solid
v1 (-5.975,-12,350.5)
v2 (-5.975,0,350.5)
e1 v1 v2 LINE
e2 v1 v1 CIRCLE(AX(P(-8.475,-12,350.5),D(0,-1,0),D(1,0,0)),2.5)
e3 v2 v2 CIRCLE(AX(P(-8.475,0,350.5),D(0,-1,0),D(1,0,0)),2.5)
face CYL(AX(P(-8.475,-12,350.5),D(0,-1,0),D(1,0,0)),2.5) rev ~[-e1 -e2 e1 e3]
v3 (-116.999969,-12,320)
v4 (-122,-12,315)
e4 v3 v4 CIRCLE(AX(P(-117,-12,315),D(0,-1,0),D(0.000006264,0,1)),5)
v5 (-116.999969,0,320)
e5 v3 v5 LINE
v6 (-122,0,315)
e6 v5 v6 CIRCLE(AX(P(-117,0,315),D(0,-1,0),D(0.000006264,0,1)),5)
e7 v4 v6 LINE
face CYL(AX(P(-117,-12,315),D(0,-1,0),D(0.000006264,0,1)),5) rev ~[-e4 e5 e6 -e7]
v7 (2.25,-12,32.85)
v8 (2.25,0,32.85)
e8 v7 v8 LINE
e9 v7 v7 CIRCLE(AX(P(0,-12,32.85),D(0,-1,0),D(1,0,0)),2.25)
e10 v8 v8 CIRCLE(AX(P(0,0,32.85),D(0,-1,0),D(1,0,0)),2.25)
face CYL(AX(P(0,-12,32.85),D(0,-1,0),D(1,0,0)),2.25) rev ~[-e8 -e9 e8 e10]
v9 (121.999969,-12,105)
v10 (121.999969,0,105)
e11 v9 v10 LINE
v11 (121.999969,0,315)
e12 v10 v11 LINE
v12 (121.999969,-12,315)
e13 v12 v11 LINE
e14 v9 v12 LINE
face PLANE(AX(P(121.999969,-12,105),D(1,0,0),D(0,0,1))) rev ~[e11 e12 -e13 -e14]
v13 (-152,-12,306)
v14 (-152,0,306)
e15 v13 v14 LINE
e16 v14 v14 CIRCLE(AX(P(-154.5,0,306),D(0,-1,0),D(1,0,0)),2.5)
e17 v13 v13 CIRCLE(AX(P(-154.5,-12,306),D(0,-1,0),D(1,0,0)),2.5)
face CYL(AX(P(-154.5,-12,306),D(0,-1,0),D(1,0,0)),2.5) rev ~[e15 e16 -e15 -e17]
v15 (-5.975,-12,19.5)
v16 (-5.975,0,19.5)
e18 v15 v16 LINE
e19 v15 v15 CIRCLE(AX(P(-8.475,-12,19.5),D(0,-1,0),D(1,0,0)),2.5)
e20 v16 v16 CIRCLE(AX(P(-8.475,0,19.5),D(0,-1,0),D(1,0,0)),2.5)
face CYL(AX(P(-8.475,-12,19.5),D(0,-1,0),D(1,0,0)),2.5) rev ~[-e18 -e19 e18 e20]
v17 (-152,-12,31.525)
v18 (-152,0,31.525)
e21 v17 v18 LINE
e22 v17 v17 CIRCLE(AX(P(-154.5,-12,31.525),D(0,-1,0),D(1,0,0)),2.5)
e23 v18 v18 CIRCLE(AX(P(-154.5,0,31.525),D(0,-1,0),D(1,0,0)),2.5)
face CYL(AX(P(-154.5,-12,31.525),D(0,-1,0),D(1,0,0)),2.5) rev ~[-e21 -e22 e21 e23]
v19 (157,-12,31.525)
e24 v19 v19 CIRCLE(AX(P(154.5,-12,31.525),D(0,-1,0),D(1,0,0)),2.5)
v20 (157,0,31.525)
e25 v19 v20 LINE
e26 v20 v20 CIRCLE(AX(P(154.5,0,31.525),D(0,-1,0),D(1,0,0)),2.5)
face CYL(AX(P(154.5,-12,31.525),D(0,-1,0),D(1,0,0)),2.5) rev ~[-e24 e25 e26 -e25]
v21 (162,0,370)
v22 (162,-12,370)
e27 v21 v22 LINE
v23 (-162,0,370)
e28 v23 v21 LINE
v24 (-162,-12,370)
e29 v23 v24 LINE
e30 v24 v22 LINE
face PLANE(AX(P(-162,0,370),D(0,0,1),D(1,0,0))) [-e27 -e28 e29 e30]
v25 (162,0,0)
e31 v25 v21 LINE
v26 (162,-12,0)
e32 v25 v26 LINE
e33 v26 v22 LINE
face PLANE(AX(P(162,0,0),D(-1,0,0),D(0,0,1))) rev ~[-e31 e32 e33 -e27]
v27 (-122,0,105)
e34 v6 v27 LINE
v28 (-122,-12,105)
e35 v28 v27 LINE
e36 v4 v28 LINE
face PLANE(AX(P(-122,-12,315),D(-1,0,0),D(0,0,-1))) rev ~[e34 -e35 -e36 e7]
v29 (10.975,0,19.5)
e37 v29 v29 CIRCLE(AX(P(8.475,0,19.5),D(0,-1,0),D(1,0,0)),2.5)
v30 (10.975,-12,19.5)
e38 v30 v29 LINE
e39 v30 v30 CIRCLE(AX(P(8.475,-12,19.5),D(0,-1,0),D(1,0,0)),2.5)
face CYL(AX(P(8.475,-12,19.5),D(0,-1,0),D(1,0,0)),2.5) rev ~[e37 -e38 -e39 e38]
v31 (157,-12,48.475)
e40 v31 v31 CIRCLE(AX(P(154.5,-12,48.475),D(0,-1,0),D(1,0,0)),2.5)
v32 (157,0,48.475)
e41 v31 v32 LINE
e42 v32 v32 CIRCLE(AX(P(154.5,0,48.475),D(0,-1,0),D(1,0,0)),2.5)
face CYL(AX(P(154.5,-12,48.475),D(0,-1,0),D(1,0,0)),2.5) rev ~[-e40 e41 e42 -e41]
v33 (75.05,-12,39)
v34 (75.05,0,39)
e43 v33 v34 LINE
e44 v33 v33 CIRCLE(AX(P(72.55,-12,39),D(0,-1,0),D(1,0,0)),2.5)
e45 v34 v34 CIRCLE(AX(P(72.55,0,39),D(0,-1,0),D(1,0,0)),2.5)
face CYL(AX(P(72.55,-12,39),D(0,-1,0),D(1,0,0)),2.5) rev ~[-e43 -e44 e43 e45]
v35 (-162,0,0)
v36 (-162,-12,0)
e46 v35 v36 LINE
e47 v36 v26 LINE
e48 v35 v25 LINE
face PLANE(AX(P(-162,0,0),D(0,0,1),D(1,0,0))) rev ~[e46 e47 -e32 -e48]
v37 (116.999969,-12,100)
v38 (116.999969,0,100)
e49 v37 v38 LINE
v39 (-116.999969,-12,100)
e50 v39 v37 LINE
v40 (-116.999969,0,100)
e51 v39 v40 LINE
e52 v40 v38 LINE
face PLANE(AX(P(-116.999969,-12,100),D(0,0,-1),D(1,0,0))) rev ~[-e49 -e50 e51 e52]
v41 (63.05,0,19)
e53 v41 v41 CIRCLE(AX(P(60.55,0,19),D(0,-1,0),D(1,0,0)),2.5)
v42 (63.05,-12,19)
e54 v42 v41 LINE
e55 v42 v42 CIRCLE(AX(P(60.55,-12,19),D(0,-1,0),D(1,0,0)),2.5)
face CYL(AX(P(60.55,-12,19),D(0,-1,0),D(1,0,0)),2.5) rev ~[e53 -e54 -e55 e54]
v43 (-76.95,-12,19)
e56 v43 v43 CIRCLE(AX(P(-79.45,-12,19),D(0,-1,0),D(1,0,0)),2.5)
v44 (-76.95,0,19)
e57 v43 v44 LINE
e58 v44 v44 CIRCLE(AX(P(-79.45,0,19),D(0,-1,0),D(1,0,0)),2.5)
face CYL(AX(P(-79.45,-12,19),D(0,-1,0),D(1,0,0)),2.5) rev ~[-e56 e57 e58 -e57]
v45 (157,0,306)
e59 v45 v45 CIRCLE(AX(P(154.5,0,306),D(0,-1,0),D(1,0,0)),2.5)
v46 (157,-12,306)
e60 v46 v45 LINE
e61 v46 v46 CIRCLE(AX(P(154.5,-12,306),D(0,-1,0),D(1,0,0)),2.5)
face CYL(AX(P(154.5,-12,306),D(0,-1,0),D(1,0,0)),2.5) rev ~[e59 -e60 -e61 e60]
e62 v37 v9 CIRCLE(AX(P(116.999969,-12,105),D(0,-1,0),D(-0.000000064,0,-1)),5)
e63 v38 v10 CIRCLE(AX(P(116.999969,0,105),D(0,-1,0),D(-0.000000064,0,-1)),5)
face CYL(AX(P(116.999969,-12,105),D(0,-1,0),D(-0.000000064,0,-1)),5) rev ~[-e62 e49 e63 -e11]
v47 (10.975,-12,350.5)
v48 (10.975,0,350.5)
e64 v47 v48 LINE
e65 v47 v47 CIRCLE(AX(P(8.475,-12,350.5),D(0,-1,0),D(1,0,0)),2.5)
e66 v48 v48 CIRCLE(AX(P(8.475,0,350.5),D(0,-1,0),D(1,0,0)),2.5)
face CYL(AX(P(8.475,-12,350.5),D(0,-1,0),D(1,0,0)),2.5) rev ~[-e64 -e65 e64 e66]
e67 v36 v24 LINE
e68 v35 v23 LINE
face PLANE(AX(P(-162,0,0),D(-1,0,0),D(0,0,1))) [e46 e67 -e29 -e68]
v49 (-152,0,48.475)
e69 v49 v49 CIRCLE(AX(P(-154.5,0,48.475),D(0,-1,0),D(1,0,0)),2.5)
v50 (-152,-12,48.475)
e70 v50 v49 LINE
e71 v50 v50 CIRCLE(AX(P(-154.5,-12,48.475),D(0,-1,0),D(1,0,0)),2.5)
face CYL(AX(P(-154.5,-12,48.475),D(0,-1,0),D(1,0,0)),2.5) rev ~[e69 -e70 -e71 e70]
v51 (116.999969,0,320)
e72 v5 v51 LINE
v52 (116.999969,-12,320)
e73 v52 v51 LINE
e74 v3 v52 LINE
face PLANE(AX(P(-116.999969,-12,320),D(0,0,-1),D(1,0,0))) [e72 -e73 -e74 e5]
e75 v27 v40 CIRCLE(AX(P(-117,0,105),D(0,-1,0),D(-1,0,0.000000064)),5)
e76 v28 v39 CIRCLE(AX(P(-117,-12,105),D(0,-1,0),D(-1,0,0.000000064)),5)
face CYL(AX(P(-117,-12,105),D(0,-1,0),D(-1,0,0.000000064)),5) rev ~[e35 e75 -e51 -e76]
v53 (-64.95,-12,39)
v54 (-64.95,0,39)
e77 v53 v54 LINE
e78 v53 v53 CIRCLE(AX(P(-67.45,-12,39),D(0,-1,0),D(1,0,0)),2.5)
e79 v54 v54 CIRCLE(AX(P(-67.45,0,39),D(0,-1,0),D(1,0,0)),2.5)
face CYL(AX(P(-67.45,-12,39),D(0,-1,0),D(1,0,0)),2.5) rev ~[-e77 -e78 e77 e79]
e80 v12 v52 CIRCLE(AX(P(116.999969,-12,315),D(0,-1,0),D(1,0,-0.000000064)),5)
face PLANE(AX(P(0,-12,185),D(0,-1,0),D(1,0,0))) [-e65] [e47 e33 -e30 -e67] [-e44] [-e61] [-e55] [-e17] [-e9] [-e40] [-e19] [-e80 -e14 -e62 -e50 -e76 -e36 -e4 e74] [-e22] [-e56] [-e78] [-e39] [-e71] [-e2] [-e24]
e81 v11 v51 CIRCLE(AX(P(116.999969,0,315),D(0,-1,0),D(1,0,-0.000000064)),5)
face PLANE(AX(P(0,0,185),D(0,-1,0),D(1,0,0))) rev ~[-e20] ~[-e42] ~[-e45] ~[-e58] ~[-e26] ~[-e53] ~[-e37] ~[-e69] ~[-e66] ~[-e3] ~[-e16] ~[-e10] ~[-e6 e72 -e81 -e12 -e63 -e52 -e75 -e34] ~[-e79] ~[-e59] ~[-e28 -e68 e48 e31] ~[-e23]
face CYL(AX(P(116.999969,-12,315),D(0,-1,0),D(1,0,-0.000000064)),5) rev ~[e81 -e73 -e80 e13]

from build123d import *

# Parameters (mm, degrees)
SKETCH_W        = 324
SKETCH_H        = 370
PAD_DEPTH       = 12
POCKET_DEPTH    = 12.001
SKETCH002_R     = 2.5
POCKET001_DEPTH = 12.001
SKETCH003_R     = 2.5
SKETCH003_R_2   = 2.25
POCKET002_DEPTH = 12.001


with BuildPart() as part:
    # Sketch → Pad (new body)
    with BuildSketch(Plane.XZ):
        with Locations((0, 185)):
            Rectangle(SKETCH_W, SKETCH_H)
    extrude(amount=PAD_DEPTH)

    # Sketch001 → Pocket (cut, through all)
    with BuildSketch(Plane.XZ.offset(12)):
        with BuildLine():
            ThreePointArc((-116.999969, 320), (-120.535523, 318.535545), (-122, 315))
            Line((-122, 315), (-122, 105))
            ThreePointArc((-122, 105), (-120.535523, 101.464455), (-116.999969, 100))
            Line((-116.999969, 100), (116.999969, 100))
            ThreePointArc((116.999969, 100), (120.535503, 101.464466), (121.999969, 105))
            Line((121.999969, 105), (121.999969, 315))
            ThreePointArc((121.999969, 315), (120.535503, 318.535534), (116.999969, 320))
            Line((-116.999969, 320), (116.999969, 320))
        make_face()
    extrude(amount=-POCKET_DEPTH, mode=Mode.SUBTRACT)

    # Sketch002 → Pocket001 (cut, through all)
    with BuildSketch(Plane.XZ.offset(12)):
        with Locations((-8.475, 19.5)):
            Circle(SKETCH002_R)
        with Locations((8.475, 19.5)):
            Circle(SKETCH002_R)
        with Locations((-8.475, 350.5)):
            Circle(SKETCH002_R)
        with Locations((8.475, 350.5)):
            Circle(SKETCH002_R)
        with Locations((154.5, 31.525)):
            Circle(SKETCH002_R)
        with Locations((154.5, 306)):
            Circle(SKETCH002_R)
        with Locations((-154.5, 306)):
            Circle(SKETCH002_R)
        with Locations((-154.5, 31.525)):
            Circle(SKETCH002_R)
        with Locations((-154.5, 48.475)):
            Circle(SKETCH002_R)
        with Locations((154.5, 48.475)):
            Circle(SKETCH002_R)
    extrude(amount=-POCKET001_DEPTH, mode=Mode.SUBTRACT)

    # Sketch003 → Pocket002 (cut, through all)
    with BuildSketch(Plane.XZ.offset(12)):
        with Locations((-79.45, 19)):
            Circle(SKETCH003_R)
        with Locations((-67.45, 39)):
            Circle(SKETCH003_R)
        with Locations((60.55, 19)):
            Circle(SKETCH003_R)
        with Locations((72.55, 39)):
            Circle(SKETCH003_R)
        with Locations((0, 32.85)):
            Circle(SKETCH003_R_2)
    extrude(amount=-POCKET002_DEPTH, mode=Mode.SUBTRACT)


solid = part.part
